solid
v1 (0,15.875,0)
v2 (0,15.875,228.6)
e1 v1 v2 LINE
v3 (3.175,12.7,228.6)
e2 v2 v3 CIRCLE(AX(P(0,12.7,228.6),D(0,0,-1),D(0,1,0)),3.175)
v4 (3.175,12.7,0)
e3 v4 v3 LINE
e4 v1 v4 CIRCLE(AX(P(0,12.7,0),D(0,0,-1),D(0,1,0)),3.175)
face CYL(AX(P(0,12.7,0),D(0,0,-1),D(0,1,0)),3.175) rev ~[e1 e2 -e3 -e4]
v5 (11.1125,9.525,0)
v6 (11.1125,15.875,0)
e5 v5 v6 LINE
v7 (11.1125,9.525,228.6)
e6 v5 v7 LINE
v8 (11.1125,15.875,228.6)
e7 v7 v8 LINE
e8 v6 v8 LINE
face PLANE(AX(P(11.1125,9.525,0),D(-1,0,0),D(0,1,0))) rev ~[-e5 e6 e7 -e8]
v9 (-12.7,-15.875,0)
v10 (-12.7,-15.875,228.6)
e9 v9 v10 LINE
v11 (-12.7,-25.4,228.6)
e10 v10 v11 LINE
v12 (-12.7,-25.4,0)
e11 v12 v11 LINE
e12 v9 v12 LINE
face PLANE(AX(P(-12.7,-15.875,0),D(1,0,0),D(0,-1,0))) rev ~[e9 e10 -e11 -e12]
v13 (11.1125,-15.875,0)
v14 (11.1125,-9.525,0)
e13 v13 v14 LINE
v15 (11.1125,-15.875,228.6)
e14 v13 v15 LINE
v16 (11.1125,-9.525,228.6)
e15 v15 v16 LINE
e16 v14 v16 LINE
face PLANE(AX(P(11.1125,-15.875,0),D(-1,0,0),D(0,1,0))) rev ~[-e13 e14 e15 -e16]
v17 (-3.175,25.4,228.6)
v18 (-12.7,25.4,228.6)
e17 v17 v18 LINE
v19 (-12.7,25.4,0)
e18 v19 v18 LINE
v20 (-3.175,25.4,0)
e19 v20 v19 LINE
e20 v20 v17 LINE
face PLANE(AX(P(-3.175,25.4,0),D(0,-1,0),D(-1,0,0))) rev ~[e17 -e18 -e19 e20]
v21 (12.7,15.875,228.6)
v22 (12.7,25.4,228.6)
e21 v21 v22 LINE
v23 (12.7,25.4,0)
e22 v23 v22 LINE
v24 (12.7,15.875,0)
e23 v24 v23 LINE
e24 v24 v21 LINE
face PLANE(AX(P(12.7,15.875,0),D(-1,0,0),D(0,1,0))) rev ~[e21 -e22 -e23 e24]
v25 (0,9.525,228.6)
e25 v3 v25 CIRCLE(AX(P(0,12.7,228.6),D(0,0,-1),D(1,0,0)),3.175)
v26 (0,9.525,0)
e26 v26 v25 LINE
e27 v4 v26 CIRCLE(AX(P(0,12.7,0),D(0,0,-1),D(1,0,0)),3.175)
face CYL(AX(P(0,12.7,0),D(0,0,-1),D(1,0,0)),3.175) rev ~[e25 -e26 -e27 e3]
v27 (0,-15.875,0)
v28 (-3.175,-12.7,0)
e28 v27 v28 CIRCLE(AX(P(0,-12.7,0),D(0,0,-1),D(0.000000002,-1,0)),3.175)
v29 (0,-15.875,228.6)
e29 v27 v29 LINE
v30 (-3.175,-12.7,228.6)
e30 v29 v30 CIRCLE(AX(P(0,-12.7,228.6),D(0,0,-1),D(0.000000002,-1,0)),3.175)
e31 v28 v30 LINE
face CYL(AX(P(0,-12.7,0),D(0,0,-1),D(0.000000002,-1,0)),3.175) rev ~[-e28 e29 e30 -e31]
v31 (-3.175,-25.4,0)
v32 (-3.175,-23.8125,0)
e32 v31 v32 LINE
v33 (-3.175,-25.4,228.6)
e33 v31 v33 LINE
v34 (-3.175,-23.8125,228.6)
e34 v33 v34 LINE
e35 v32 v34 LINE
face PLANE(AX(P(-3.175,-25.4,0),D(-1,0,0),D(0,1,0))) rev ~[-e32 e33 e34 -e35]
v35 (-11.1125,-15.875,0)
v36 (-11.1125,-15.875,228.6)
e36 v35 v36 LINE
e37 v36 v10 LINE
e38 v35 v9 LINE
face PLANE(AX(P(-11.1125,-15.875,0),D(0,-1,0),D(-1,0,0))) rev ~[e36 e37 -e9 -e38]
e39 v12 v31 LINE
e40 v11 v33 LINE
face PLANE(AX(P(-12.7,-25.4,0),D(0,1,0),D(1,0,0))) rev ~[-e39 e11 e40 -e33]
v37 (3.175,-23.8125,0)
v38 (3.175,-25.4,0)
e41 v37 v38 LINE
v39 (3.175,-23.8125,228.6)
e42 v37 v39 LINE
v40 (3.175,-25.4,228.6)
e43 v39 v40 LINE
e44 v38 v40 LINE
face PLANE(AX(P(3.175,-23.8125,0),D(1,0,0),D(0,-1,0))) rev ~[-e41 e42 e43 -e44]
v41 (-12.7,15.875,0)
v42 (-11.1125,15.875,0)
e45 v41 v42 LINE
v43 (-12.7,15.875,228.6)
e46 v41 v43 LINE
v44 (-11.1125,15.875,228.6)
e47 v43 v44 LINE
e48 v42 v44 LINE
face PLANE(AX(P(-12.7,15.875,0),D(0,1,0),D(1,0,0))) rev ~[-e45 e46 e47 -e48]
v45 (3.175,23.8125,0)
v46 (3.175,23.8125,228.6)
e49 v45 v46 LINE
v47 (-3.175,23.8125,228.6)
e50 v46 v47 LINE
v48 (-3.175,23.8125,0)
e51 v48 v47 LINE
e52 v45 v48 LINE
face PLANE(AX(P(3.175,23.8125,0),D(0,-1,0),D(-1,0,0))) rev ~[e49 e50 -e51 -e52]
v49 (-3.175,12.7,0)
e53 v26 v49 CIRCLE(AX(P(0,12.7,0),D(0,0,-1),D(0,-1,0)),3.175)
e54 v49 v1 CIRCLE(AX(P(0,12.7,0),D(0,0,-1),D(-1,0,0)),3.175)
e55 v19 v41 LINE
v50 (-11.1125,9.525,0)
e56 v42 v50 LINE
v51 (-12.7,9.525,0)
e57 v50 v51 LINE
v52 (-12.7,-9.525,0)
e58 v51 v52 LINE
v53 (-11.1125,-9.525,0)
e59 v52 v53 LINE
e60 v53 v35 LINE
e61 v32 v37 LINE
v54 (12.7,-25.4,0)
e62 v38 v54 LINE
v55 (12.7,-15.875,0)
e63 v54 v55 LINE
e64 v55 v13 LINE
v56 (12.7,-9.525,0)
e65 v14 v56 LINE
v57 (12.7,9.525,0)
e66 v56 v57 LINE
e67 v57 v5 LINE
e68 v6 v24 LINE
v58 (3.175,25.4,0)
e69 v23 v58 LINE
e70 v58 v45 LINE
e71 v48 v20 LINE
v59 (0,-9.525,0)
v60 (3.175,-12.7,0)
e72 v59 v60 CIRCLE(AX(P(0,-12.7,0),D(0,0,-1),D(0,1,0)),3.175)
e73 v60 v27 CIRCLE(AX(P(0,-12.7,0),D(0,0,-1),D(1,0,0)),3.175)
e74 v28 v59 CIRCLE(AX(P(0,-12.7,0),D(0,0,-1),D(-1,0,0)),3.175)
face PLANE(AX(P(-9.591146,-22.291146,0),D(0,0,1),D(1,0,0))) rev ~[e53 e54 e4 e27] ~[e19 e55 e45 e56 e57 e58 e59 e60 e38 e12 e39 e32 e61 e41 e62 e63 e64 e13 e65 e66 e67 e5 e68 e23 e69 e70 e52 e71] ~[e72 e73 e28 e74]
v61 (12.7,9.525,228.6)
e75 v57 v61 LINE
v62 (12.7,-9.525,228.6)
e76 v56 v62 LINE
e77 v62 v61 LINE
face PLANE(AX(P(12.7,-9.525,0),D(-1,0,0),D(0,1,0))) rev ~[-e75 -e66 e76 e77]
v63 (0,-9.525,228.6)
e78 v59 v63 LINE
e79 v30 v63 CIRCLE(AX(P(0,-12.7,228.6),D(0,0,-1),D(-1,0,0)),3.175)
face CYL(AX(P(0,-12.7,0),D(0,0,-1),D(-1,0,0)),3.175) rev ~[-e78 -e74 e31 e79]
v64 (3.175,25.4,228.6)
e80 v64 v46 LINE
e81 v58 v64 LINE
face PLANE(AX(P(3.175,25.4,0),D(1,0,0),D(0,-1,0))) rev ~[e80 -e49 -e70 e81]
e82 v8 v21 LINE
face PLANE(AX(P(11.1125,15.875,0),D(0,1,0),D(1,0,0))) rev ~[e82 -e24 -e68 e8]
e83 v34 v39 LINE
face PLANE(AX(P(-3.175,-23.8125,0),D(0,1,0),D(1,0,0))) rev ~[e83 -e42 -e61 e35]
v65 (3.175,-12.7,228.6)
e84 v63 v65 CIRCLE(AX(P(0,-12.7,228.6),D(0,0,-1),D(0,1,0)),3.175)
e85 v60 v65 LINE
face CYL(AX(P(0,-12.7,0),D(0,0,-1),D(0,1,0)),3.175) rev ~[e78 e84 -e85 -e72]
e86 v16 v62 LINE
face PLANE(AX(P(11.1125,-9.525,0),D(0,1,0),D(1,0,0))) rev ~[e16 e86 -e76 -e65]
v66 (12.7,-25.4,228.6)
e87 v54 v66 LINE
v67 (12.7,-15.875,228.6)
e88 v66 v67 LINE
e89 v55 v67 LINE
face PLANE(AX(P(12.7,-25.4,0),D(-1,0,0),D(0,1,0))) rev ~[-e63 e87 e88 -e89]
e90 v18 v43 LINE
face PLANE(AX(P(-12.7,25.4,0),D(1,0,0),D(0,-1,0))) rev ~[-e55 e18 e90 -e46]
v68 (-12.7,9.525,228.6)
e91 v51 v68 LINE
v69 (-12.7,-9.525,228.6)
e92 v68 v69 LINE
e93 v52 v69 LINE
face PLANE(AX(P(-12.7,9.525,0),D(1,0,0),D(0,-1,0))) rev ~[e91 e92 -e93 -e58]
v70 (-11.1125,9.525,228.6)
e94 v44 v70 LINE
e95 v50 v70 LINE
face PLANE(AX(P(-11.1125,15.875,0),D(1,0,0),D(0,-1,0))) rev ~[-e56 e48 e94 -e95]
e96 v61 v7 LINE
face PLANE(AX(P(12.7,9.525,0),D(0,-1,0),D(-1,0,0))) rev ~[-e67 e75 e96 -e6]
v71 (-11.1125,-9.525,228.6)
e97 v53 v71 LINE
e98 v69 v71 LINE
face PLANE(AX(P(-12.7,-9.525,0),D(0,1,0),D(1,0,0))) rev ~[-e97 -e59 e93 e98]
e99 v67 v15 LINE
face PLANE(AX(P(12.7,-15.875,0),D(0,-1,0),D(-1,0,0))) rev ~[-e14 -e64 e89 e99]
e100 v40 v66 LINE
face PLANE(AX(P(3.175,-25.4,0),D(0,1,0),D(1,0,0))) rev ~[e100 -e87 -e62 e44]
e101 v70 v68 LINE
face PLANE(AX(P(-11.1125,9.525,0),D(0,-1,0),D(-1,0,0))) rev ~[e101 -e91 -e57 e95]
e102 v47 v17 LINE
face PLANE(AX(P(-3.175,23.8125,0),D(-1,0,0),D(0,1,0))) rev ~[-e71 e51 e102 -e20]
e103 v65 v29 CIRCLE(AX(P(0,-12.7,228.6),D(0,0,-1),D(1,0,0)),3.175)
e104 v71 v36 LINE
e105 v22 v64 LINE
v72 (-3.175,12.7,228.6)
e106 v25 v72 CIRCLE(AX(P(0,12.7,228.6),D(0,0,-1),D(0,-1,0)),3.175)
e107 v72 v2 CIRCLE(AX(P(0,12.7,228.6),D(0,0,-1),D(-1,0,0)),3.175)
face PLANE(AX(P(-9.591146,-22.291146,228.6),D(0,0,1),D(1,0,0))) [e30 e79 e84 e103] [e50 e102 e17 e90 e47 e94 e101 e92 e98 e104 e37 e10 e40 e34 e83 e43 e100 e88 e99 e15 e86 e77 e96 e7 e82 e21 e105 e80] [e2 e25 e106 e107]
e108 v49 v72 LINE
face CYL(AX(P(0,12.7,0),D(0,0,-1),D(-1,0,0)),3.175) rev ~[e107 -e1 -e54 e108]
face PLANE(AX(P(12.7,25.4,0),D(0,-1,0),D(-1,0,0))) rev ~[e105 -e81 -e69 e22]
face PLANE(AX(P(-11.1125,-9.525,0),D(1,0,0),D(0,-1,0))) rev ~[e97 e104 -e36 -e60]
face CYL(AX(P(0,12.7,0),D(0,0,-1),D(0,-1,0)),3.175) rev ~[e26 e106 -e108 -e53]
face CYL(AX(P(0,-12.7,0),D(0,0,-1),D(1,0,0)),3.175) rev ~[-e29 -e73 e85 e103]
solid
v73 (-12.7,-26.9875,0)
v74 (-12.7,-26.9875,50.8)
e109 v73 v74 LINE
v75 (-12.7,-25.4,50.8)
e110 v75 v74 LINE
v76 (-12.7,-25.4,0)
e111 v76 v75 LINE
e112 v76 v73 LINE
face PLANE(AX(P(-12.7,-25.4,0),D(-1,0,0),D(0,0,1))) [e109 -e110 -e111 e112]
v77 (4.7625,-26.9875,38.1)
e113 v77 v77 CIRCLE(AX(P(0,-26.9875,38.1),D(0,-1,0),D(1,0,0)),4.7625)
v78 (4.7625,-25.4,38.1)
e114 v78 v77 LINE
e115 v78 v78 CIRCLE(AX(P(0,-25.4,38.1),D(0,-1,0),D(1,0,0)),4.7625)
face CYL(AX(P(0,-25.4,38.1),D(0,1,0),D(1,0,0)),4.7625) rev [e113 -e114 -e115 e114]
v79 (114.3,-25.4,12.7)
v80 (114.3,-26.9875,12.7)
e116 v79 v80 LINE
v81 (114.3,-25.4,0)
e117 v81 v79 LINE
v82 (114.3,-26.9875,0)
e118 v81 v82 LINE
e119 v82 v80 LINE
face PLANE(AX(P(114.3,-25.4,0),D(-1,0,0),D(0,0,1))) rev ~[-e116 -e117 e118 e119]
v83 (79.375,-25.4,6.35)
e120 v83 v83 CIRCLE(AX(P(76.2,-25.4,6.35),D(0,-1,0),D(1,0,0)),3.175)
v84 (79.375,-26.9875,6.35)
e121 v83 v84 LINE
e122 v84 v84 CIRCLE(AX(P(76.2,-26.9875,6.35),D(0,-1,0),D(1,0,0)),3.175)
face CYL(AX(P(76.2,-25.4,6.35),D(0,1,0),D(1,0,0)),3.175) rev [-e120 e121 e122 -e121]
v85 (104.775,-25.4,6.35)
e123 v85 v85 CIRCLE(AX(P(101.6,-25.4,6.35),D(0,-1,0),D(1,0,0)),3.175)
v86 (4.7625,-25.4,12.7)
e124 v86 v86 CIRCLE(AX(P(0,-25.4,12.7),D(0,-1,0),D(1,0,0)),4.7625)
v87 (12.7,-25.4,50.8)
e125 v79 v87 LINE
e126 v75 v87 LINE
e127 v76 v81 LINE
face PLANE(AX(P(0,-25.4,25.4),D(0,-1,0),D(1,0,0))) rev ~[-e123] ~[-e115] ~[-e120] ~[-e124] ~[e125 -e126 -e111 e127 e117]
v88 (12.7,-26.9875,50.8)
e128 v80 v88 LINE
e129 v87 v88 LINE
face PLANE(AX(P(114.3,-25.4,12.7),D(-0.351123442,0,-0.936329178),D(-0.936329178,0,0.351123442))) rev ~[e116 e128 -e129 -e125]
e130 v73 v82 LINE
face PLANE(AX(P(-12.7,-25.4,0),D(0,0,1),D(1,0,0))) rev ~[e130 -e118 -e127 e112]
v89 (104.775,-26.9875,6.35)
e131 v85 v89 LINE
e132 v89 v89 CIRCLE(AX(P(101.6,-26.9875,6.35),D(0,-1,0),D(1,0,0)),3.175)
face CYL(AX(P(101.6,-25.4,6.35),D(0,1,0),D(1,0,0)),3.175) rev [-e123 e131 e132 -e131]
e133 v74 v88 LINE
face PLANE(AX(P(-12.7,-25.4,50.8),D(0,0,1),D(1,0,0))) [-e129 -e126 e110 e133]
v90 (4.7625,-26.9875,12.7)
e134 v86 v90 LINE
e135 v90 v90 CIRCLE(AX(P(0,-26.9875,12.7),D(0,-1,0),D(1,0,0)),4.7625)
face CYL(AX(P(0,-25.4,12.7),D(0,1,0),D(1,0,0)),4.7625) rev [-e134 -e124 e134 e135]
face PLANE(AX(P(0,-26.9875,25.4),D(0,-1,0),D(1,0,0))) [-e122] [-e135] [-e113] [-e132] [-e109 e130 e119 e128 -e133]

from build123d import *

# Parameters (mm, degrees)
F0_W     = 3.175
F0_H     = 1.5875
F0_W_2   = 7.9375
F0_H_2   = 7.9375
F1_DEPTH = 228.6
F0_W_3   = 50.8
F0_H_3   = 50.8
F0_W_4   = 19.05
F0_H_4   = 19.05
F2_DEPTH = 12.7
F3_W     = 25.4
F3_H     = 50.8
F3_R     = 4.7625
F3_W_2   = 50.8
F3_H_2   = 12.7
F3_R_2   = 3.175
F4_DEPTH = 1.5875


with BuildPart() as f1:
    # F0 (on Top) → F1 (new body)
    with BuildSketch(Plane.XY):
        Polygon((-12.7, -15.875), (-12.7, -25.4), (-3.175, -25.4), (-3.175, -23.8125), (-11.1125, -23.8125), (-11.1125, -15.875), align=None)
        Polygon((3.175, -23.8125), (3.175, -25.4), (12.7, -25.4), (12.7, -15.875), (11.1125, -15.875), (11.1125, -23.8125), align=None)
        Polygon((11.1125, -9.525), (12.7, -9.525), (12.7, 0), (3.175, 0), (3.175, -1.5875), (11.1125, -1.5875), align=None)
        Polygon((-12.7, 0), (-12.7, -9.525), (-11.1125, -9.525), (-11.1125, -1.5875), (-3.175, -1.5875), (-3.175, 0), align=None)
        Polygon((-12.7, 9.525), (-12.7, 0), (-3.175, 0), (-3.175, 1.5875), (-11.1125, 1.5875), (-11.1125, 9.525), align=None)
        with Locations((1.5875, 0.79375)):
            Rectangle(F0_W, F0_H)
        with Locations((-1.5875, 0.79375)):
            Rectangle(F0_W, F0_H)
        with Locations((-1.5875, -0.79375)):
            Rectangle(F0_W, F0_H)
        with Locations((1.5875, -0.79375)):
            Rectangle(F0_W, F0_H)
        Polygon((3.175, 1.5875), (3.175, 0), (12.7, 0), (12.7, 9.525), (11.1125, 9.525), (11.1125, 1.5875), align=None)
        with Locations((7.14375, 5.55625)):
            Rectangle(F0_W_2, F0_H_2)
        with Locations((-7.14375, 5.55625)):
            Rectangle(F0_W_2, F0_H_2)
        with Locations((-7.14375, -5.55625)):
            Rectangle(F0_W_2, F0_H_2)
        with Locations((7.14375, -5.55625)):
            Rectangle(F0_W_2, F0_H_2)
        with Locations((-7.14375, -19.84375)):
            Rectangle(F0_W_2, F0_H_2)
        with Locations((7.14375, -19.84375)):
            Rectangle(F0_W_2, F0_H_2)
        with Locations((-7.14375, 19.84375)):
            Rectangle(F0_W_2, F0_H_2)
        Polygon((11.1125, 15.875), (12.7, 15.875), (12.7, 25.4), (3.175, 25.4), (3.175, 23.8125), (11.1125, 23.8125), align=None)
        with Locations((7.14375, 19.84375)):
            Rectangle(F0_W_2, F0_H_2)
        Polygon((-12.7, 25.4), (-12.7, 15.875), (-11.1125, 15.875), (-11.1125, 23.8125), (-3.175, 23.8125), (-3.175, 25.4), align=None)
        with Locations((-1.5875, 19.84375)):
            Rectangle(F0_W, F0_H_2)
        with Locations((1.5875, 19.84375)):
            Rectangle(F0_W, F0_H_2)
        Polygon((-11.1125, -9.525), (-11.1125, -15.875), (-3.175, -15.875), (-3.175, -12.7), (-3.175, -9.525), align=None)
        with BuildLine():
            Line((-3.175, -9.525), (-3.175, -12.7))
            ThreePointArc((-3.175, -12.7), (-2.2450640303, -10.4549359697), (0, -9.525))
            Line((0, -9.525), (-3.175, -9.525))
        make_face()
        with Locations((-1.5875, -5.55625)):
            Rectangle(F0_W, F0_H_2)
        with Locations((1.5875, -5.55625)):
            Rectangle(F0_W, F0_H_2)
        with BuildLine():
            Line((3.175, -9.525), (0, -9.525))
            ThreePointArc((0, -9.525), (2.2450640303, -10.4549359697), (3.175, -12.7))
            Line((3.175, -12.7), (3.175, -9.525))
        make_face()
        Polygon((3.175, -12.7), (3.175, -15.875), (11.1125, -15.875), (11.1125, -9.525), (3.175, -9.525), align=None)
        with Locations((1.5875, -19.84375)):
            Rectangle(F0_W, F0_H_2)
        with Locations((-1.5875, -19.84375)):
            Rectangle(F0_W, F0_H_2)
        with BuildLine():
            Line((-3.175, -12.7), (-3.175, -15.875))
            Line((-3.175, -15.875), (5e-09, -15.875))
            ThreePointArc((5e-09, -15.875), (-2.2450640285, -14.945064032), (-3.175, -12.7))
        make_face()
        Polygon((-11.1125, 15.875), (-11.1125, 9.525), (-3.175, 9.525), (-3.175, 12.7), (-3.175, 15.875), align=None)
        with BuildLine():
            Line((-3.175, 12.7), (-3.175, 9.525))
            Line((-3.175, 9.525), (0, 9.525))
            ThreePointArc((0, 9.525), (-2.2450640303, 10.4549359697), (-3.175, 12.7))
        make_face()
        with BuildLine():
            ThreePointArc((3.175, 12.7), (2.2450640303, 10.4549359697), (0, 9.525))
            Line((0, 9.525), (3.175, 9.525))
            Line((3.175, 9.525), (3.175, 12.7))
        make_face()
        with BuildLine():
            Line((3.175, 15.875), (0, 15.875))
            ThreePointArc((0, 15.875), (2.2450640303, 14.9450640303), (3.175, 12.7))
            Line((3.175, 12.7), (3.175, 15.875))
        make_face()
        with BuildLine():
            Line((0, 15.875), (-3.175, 15.875))
            Line((-3.175, 15.875), (-3.175, 12.7))
            ThreePointArc((-3.175, 12.7), (-2.2450640303, 14.9450640303), (0, 15.875))
        make_face()
        Polygon((3.175, 15.875), (3.175, 12.7), (3.175, 9.525), (11.1125, 9.525), (11.1125, 15.875), align=None)
        with Locations((-1.5875, 5.55625)):
            Rectangle(F0_W, F0_H_2)
        with Locations((1.5875, 5.55625)):
            Rectangle(F0_W, F0_H_2)
        with BuildLine():
            ThreePointArc((3.175, -12.7), (2.245064032, -14.9450640285), (5e-09, -15.875))
            Line((5e-09, -15.875), (3.175, -15.875))
            Line((3.175, -15.875), (3.175, -12.7))
        make_face()
    extrude(amount=F1_DEPTH)


with BuildPart() as f2:
    # F0 (on Top) → F2 (new body)
    with BuildSketch(Plane.XY):
        with Locations((88.9, 0)):
            Rectangle(F0_W_3, F0_H_3)
        with Locations((88.9, 0)):
            Rectangle(F0_W_4, F0_H_4, mode=Mode.SUBTRACT)
    extrude(amount=F2_DEPTH)


with BuildPart() as f4:
    # F3 (on face) → F4 (new body)
    with BuildSketch(Plane.XZ.offset(25.4)):
        with Locations((0, 25.4)):
            Rectangle(F3_W, F3_H)
        with Locations((0, 12.7)):
            Circle(F3_R, mode=Mode.SUBTRACT)
        with Locations((0, 38.1)):
            Circle(F3_R, mode=Mode.SUBTRACT)
        Polygon((12.7, 50.8), (12.7, 0), (63.5, 0), (63.5, 12.7), (114.3, 12.7), align=None)
        with Locations((88.9, 6.35)):
            Rectangle(F3_W_2, F3_H_2)
        with Locations((76.2, 6.35)):
            Circle(F3_R_2, mode=Mode.SUBTRACT)
        with Locations((101.6, 6.35)):
            Circle(F3_R_2, mode=Mode.SUBTRACT)
    extrude(amount=F4_DEPTH)


solid = Compound([f1.part, f4.part])
